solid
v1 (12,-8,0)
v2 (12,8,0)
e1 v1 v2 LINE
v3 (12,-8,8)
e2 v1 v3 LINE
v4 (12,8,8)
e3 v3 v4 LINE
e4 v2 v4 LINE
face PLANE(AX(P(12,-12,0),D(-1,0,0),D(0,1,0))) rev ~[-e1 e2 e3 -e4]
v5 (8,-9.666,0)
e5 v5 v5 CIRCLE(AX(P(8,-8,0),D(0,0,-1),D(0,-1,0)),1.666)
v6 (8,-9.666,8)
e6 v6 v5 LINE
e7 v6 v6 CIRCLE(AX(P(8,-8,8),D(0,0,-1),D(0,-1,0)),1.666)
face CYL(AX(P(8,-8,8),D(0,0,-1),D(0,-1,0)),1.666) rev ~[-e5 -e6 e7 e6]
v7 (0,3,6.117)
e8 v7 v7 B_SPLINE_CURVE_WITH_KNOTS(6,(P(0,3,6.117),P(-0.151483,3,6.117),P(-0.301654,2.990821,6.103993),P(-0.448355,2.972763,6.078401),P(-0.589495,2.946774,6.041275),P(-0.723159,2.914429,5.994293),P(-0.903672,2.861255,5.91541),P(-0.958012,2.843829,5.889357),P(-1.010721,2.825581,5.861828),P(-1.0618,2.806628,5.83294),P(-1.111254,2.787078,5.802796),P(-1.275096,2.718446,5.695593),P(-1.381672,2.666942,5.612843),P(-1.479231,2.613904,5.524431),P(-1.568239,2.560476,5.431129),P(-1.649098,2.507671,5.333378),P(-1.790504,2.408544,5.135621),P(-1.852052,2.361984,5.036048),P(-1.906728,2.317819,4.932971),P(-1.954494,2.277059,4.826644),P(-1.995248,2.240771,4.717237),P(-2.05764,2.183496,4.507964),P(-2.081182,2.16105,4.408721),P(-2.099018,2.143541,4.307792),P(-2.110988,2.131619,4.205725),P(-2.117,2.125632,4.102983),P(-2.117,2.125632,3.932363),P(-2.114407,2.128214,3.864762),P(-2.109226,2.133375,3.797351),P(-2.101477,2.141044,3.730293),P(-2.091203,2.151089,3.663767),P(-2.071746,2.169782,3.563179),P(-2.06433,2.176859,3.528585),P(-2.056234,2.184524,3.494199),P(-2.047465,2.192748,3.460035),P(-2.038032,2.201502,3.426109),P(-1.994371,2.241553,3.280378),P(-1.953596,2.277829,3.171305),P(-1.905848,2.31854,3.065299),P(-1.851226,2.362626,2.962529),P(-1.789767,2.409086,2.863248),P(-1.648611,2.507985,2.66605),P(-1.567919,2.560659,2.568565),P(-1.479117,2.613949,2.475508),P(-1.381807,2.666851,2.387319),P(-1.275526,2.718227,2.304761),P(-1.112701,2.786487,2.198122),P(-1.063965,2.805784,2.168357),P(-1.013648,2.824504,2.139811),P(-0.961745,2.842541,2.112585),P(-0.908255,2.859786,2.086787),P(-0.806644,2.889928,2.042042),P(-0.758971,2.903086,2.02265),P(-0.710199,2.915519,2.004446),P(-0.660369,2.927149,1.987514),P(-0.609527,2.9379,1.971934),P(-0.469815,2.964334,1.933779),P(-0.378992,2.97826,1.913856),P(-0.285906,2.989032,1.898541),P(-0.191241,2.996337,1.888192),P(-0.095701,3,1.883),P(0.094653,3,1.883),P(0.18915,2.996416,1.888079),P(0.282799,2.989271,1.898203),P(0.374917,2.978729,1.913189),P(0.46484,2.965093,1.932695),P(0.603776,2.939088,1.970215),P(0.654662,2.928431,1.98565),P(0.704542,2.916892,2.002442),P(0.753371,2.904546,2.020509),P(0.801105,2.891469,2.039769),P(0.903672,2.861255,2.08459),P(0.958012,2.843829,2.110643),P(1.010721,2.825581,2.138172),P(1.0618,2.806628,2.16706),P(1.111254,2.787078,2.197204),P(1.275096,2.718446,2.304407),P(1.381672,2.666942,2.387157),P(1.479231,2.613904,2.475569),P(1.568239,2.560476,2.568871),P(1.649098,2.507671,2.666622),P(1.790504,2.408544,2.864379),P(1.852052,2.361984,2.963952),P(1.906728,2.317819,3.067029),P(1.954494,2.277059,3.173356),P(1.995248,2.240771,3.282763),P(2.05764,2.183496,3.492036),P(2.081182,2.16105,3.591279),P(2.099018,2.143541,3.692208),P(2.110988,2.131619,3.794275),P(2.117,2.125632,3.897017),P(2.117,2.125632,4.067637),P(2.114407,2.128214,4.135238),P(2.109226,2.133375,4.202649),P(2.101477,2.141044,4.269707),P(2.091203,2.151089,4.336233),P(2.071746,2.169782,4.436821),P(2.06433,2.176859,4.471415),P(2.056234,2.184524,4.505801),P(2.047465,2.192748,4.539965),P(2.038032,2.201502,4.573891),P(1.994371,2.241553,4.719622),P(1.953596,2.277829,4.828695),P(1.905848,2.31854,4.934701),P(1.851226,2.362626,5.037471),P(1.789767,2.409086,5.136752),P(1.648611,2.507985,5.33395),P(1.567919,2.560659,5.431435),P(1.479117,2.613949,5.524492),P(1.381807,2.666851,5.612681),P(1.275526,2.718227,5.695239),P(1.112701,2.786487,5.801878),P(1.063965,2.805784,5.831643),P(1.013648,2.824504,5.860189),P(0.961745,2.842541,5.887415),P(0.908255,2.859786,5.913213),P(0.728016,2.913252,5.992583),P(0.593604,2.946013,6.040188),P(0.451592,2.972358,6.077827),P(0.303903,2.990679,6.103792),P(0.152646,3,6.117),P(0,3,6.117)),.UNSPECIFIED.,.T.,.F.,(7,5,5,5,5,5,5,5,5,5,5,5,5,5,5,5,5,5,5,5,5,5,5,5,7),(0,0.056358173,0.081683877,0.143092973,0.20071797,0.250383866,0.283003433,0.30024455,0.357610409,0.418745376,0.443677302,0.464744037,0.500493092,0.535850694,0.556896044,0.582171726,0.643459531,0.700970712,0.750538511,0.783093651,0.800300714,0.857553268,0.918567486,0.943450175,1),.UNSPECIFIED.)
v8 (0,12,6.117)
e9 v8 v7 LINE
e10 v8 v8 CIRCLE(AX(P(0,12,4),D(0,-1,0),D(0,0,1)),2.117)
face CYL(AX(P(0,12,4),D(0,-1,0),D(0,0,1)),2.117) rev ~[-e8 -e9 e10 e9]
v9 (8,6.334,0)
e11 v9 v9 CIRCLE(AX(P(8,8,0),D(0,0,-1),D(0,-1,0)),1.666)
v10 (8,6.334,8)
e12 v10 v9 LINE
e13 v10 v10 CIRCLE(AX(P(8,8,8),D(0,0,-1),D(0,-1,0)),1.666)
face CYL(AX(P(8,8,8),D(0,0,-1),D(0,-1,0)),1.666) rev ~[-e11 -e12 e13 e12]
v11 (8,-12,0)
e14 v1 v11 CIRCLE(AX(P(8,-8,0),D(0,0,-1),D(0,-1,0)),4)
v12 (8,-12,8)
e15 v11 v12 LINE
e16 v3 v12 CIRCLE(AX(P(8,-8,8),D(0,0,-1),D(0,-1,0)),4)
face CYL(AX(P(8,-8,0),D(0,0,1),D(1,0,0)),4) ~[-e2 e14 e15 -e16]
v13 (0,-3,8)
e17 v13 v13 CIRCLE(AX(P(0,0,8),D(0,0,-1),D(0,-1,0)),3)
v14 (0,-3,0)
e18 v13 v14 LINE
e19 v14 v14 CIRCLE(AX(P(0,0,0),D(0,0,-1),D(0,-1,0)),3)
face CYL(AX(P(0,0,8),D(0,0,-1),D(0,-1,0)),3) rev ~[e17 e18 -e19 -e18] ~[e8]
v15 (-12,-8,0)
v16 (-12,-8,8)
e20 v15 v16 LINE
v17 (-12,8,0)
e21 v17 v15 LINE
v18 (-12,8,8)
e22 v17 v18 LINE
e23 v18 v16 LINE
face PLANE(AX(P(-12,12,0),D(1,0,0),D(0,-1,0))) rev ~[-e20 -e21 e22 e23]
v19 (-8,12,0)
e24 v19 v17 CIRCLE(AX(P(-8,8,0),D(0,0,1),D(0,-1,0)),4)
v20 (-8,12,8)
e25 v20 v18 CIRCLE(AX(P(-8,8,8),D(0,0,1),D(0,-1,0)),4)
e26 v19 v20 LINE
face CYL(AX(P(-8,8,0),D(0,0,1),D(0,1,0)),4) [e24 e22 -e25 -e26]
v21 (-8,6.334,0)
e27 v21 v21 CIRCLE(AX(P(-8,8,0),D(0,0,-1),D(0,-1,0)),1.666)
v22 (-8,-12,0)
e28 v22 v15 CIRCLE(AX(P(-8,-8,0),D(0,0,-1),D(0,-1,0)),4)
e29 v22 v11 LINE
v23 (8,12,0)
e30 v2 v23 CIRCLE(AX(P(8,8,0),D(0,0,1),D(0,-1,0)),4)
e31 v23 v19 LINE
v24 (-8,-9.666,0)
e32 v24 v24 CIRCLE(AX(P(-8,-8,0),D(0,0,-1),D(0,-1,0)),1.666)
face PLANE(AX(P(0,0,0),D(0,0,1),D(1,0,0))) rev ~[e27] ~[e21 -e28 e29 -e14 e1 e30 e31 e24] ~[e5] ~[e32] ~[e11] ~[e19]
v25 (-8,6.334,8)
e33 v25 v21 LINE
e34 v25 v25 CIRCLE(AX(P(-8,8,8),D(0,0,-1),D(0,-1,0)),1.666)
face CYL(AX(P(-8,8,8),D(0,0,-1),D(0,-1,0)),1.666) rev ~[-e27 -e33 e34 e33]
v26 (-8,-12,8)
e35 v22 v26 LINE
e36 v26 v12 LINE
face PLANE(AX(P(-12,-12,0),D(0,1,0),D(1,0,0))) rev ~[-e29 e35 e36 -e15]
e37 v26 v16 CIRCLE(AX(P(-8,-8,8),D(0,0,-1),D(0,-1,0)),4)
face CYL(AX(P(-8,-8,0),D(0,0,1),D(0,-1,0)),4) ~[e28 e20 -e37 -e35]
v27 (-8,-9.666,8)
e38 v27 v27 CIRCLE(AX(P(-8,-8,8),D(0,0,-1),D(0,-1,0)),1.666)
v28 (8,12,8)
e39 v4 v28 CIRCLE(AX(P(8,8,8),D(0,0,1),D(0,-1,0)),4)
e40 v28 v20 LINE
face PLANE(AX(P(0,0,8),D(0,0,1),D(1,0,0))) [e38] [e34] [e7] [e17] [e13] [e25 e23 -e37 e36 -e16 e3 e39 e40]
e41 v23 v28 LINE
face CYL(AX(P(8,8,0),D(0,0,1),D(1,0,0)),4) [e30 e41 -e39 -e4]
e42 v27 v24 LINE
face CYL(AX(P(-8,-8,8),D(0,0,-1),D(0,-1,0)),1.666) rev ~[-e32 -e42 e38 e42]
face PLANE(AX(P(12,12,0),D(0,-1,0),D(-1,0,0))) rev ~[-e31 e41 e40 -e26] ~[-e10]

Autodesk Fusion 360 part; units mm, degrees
sketch "Sketch1" plane through (0, 0, 0) normal (0, 0, 1) x (1, 0, 0)
  circle A0 centre (0, 0) radius 3 construction
  line L0 (12, 12) -> (-12, 12)
  line L1 (-12, 12) -> (-12, -12)
  line L2 (-12, -12) -> (12, -12)
  line L3 (12, -12) -> (12, 12)
  line L4 (12, 12) -> (-12, -12) construction
  line L5 (-12, 12) -> (12, -12) construction
  circle A1 centre (8, 8) radius 1.5 construction
  arc A2 (12, 8) -> (8, 12) centre (8, 8) ccw construction
  circle A3 centre (0, 0) radius 16 construction
  dimension "d1" = 6
  dimension "d2" = 24
  dimension "d3" = 3
  dimension "d4" = 8
  dimension "d23" = 32
extrude "Extrude1" add sketch "Sketch1" along normal blind 8
hole "Hole1" at (0, 0, 8) direction (0, 0, -1) diameter 6 end through all
sketch "Sketch2" plane through (0, 0, 8) normal (0, 0, 1) x (1, 0, 0)
  circle A0 centre (0, 0) radius 3
  line L0 (12, -12) -> (12, 12)
  line L1 (12, 12) -> (-12, 12)
  line L2 (-12, 12) -> (-12, -12)
  line L3 (-12, -12) -> (12, -12)
  line L4 (8, 8) -> (-8, 8)
  line L5 (-8, 8) -> (-8, -8)
  line L6 (-8, -8) -> (8, -8)
  line L7 (8, -8) -> (8, 8)
  line L8 (8, 8) -> (-8, -8) construction
  line L9 (-8, 8) -> (8, -8) construction
  dimension "d10" = 16
hole "Hole2" at (8, 8, 8) at (-8, 8, 8) at (-8, -8, 8) at (8, -8, 8) direction (0, 0, -1) diameter 3.332 end through all
sketch "Sketch3" plane through (0, 12, 0) normal (0, 1, 0) x (-1, 0, 0)
  line L0 (-12, 0) -> (12, 0)
  line L1 (12, 0) -> (12, 8)
  line L2 (12, 8) -> (-12, 8)
  line L3 (-12, 8) -> (-12, 0)
  line L4 (0, 0) -> (0, 8)
  line L5 (0, 4) -> (-12, 4)
hole "Hole3" at (0, 12, 4) direction (0, -1, 0) diameter 4.234 depth 10 tip angle 180
fillet "Fillet1" radius 4 4 edges at (12, 12, 4) (-12, 12, 4) (12, -12, 4) (-12, -12, 4)
